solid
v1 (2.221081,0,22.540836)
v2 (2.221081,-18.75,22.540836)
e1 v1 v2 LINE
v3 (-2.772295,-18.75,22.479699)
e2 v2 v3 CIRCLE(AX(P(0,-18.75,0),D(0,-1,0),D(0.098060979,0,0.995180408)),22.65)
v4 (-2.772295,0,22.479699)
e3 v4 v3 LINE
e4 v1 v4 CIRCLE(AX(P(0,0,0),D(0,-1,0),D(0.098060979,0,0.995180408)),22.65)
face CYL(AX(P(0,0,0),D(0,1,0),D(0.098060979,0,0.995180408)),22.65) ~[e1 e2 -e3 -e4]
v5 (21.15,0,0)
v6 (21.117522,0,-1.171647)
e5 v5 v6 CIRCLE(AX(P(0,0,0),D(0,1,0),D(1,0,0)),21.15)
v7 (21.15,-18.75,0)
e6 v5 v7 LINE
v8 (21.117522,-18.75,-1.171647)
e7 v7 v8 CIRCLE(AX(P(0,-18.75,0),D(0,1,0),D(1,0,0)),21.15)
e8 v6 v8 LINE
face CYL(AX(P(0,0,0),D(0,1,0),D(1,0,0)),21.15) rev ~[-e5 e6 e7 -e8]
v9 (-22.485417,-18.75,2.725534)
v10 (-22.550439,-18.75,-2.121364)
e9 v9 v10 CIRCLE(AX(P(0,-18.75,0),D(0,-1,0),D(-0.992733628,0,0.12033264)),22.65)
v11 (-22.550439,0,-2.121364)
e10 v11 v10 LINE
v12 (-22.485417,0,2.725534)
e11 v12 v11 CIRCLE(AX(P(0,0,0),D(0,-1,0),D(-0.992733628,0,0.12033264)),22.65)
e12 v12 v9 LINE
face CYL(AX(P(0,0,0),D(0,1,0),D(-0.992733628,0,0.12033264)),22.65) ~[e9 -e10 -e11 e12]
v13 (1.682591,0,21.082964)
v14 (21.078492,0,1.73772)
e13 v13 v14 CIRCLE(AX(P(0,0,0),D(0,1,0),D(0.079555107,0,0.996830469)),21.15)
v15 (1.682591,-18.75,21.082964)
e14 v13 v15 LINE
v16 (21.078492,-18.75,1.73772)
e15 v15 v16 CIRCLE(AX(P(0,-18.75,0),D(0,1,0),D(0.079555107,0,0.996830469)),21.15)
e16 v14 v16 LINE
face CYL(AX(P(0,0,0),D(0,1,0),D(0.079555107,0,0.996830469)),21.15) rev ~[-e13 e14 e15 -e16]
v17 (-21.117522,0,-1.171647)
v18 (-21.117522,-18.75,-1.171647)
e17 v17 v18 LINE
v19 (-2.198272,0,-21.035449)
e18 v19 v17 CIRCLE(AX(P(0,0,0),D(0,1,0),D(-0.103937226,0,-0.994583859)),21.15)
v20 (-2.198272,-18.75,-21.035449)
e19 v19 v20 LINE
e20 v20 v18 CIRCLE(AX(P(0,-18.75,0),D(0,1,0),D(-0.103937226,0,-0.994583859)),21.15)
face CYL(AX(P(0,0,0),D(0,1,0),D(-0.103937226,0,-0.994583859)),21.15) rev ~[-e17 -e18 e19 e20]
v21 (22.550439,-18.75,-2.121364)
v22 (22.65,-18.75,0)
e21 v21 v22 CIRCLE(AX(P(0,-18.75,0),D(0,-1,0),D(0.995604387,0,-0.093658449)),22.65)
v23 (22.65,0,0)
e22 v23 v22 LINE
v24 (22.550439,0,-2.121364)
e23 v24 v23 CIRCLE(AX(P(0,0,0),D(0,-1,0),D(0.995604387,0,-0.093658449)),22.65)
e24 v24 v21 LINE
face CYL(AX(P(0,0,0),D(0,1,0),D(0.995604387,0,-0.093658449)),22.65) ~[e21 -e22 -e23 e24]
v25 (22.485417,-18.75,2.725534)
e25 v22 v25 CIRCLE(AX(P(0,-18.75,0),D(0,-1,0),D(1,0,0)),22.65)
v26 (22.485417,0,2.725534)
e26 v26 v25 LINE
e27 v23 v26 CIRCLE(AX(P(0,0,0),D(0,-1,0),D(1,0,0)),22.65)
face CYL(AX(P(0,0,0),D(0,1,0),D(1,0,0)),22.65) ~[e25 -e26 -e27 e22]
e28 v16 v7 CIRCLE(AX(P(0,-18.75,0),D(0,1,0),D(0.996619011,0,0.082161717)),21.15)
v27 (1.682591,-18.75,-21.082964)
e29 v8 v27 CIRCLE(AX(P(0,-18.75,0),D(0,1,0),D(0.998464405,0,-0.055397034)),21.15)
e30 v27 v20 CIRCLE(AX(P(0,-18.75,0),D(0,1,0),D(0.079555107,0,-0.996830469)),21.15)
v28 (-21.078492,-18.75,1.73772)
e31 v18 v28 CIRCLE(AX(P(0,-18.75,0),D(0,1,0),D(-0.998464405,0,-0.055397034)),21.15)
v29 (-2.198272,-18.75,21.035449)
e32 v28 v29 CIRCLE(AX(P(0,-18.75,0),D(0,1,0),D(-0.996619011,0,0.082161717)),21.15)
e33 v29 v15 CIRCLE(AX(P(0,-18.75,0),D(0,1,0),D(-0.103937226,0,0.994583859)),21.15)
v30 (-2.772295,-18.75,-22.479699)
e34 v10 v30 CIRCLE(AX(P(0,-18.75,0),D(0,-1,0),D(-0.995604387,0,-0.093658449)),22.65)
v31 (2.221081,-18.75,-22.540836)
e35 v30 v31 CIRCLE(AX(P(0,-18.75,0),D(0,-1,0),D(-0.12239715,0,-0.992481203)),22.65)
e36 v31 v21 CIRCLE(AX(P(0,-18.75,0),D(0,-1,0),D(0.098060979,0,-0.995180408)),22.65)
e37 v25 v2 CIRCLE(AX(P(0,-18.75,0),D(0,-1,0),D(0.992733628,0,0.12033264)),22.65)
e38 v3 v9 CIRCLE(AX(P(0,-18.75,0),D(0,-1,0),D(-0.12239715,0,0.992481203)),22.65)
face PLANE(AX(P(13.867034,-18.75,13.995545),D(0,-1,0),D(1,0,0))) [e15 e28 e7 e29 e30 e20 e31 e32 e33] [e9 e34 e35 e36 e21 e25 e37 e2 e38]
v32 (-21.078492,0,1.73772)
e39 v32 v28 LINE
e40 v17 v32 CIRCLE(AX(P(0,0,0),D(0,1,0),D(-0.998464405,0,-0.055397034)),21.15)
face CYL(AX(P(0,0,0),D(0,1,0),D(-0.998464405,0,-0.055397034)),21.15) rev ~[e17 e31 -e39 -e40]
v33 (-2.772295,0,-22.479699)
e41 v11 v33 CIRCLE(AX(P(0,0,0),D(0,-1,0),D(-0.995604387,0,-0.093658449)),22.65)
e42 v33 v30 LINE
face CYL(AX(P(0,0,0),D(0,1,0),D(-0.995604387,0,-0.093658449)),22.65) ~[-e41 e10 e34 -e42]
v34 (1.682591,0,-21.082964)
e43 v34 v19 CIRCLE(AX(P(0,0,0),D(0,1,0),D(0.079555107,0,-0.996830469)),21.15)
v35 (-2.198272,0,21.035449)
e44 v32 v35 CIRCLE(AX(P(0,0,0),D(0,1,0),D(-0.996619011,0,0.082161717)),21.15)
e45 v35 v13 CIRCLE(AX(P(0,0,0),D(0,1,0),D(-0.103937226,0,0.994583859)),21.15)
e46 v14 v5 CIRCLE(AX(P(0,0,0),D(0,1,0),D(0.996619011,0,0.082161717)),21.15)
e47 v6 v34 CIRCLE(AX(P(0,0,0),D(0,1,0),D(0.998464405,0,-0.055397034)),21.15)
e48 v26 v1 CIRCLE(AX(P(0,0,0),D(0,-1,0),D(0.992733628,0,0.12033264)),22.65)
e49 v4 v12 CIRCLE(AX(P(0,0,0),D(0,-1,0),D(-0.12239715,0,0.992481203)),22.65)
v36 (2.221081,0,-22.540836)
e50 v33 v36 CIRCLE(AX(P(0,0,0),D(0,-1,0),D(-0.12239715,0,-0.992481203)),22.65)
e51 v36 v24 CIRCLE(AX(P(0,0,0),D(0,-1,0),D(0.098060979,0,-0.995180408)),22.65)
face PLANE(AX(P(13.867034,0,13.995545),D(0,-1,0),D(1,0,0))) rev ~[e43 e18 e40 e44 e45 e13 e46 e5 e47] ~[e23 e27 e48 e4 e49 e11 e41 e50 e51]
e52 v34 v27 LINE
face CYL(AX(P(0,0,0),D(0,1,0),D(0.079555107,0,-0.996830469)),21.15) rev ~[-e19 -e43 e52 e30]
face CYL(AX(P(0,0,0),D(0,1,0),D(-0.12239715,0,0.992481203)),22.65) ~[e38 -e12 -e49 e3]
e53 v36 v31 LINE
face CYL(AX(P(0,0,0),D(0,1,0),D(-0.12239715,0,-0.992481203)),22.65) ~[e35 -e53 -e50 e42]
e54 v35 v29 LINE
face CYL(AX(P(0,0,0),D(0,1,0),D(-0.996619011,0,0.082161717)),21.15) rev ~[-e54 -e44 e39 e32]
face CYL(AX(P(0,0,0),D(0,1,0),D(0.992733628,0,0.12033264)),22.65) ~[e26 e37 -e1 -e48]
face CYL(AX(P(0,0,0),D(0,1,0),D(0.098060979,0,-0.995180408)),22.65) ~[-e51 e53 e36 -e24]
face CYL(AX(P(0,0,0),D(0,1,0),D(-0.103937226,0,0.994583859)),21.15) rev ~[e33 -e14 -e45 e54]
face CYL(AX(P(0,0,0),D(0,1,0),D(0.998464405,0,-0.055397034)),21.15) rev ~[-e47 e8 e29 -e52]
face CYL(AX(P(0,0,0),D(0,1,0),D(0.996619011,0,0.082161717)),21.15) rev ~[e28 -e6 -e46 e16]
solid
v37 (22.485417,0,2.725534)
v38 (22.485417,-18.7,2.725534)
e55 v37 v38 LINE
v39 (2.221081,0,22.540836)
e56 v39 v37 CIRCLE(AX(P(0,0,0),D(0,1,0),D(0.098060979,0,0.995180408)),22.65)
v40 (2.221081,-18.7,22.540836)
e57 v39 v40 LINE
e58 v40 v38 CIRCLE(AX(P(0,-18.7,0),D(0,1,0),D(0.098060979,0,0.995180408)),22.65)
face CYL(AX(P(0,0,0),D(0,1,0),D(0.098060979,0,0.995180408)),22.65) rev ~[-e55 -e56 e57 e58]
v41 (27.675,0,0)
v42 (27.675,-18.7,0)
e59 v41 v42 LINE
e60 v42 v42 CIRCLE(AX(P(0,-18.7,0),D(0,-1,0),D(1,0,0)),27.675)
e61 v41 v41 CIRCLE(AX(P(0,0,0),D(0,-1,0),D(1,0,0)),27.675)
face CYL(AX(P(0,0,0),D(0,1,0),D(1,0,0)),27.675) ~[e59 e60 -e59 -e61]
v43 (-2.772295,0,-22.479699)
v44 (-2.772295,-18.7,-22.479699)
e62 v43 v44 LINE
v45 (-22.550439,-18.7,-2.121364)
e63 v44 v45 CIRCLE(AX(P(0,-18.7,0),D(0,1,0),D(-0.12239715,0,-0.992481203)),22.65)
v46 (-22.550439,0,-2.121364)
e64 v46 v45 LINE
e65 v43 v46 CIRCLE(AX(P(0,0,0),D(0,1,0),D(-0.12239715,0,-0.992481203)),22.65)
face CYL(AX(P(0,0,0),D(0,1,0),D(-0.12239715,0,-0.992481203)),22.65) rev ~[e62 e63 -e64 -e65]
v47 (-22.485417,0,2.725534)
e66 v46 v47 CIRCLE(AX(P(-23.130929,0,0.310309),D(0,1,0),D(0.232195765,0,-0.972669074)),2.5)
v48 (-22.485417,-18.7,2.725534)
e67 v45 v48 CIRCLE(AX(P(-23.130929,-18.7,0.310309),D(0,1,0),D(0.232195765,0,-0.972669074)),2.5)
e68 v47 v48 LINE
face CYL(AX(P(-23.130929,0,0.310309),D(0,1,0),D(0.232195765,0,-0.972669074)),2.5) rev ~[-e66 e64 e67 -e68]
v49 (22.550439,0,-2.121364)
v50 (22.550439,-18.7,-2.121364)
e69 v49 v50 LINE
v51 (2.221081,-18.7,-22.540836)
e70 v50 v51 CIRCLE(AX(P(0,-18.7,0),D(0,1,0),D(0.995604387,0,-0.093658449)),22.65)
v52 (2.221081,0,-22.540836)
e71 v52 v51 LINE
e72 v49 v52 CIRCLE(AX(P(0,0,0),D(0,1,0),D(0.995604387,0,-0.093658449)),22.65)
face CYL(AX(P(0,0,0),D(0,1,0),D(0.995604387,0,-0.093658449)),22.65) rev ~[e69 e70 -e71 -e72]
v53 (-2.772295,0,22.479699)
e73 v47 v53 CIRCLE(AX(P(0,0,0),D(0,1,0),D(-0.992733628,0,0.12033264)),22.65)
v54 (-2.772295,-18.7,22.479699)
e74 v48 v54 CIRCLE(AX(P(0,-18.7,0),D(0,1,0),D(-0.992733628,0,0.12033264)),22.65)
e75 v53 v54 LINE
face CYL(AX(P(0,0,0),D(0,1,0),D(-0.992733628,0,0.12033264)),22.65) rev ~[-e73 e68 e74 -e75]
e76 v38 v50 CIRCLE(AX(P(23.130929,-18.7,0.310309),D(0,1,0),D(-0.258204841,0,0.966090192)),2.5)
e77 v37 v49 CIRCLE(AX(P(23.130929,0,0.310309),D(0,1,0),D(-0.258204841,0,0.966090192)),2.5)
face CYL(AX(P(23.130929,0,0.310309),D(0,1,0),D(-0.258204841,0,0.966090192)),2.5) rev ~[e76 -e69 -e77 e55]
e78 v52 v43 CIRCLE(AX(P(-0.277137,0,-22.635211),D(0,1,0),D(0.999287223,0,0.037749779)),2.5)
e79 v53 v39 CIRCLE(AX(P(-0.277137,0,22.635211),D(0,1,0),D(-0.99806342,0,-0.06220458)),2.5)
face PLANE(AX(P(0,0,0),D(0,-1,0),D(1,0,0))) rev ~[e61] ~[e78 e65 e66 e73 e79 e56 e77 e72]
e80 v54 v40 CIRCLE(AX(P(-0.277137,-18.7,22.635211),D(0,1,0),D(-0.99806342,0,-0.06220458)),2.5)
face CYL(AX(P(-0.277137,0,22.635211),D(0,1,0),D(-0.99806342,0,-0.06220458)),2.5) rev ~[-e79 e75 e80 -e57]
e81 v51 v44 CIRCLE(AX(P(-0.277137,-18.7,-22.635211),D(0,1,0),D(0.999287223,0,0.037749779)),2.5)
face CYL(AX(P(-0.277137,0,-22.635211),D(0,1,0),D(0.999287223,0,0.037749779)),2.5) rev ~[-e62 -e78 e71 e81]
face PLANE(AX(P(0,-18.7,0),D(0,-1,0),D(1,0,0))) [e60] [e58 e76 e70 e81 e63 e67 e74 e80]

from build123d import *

# Parameters (mm, degrees)
F0_R     = 27.675
F1_DEPTH = 18.7
F2_DEPTH = 18.75


with BuildPart() as f1:
    # F0 (on Front) → F1 (new body)
    with BuildSketch(Plane.XZ):
        Circle(F0_R)
        with BuildLine():
            ThreePointArc((2.2210811646, 22.5408362414), (15.8355393529, 16.1943877131), (22.4854166695, 2.7255342964))
            ThreePointArc((22.4854166695, 2.7255342964), (25.6307038392, 0.3438440981), (22.5504393602, -2.1213638688))
            ThreePointArc((22.5504393602, -2.1213638688), (16.0513479269, -15.9805109346), (2.2210811646, -22.5408362414))
            ThreePointArc((2.2210811646, -22.5408362414), (-0.3077436463, -25.1350233283), (-2.772295443, -22.4796992412))
            ThreePointArc((-2.772295443, -22.4796992412), (-16.2457895857, -15.7828014224), (-22.5504393602, -2.1213638688))
            ThreePointArc((-22.5504393602, -2.1213638688), (-25.6307038392, 0.3438440981), (-22.4854166695, 2.7255342964))
            ThreePointArc((-22.4854166695, 2.7255342964), (-16.0326156149, 15.9993042519), (-2.772295443, 22.4796992412))
            ThreePointArc((-2.772295443, 22.4796992412), (-0.3077436463, 25.1350233283), (2.2210811646, 22.5408362414))
        make_face(mode=Mode.SUBTRACT)
    extrude(amount=F1_DEPTH)


with BuildPart() as f2:
    # F0 (on Front) → F2 (new body)
    with BuildSketch(Plane.XZ):
        with BuildLine():
            ThreePointArc((1.6825905233, 21.0829644294), (14.935740279, 14.9748509949), (21.0784920736, 1.7377203178))
            ThreePointArc((21.0784920736, 1.7377203178), (21.6943787217, 2.3563596337), (22.4854166695, 2.7255342964))
            ThreePointArc((22.4854166695, 2.7255342964), (15.8355393529, 16.1943877131), (2.2210811646, 22.5408362414))
            ThreePointArc((2.2210811646, 22.5408362414), (2.0679999936, 21.7689930599), (1.6825905233, 21.0829644294))
        make_face()
        with BuildLine():
            ThreePointArc((-2.1982723208, 21.0354486238), (-0.2589331323, 21.1484149201), (1.6825905233, 21.0829644294))
            ThreePointArc((1.6825905233, 21.0829644294), (2.0679999936, 21.7689930599), (2.2210811646, 22.5408362414))
            ThreePointArc((2.2210811646, 22.5408362414), (-0.2772971842, 22.6483025031), (-2.772295443, 22.4796992412))
            ThreePointArc((-2.772295443, 22.4796992412), (-2.6003626862, 21.7118354064), (-2.1982723208, 21.0354486238))
        make_face()
        with BuildLine():
            ThreePointArc((-21.0784920736, 1.7377203178), (-15.1179535524, 14.7908749028), (-2.1982723208, 21.0354486238))
            ThreePointArc((-2.1982723208, 21.0354486238), (-2.6003626862, 21.7118354064), (-2.772295443, 22.4796992412))
            ThreePointArc((-2.772295443, 22.4796992412), (-16.0326156149, 15.9993042519), (-22.4854166695, 2.7255342964))
            ThreePointArc((-22.4854166695, 2.7255342964), (-21.6943787217, 2.3563596337), (-21.0784920736, 1.7377203178))
        make_face()
        with BuildLine():
            ThreePointArc((-21.1175221714, -1.1716472769), (-21.1480970655, 0.2837084931), (-21.0784920736, 1.7377203178))
            ThreePointArc((-21.0784920736, 1.7377203178), (-21.6943787217, 2.3563596337), (-22.4854166695, 2.7255342964))
            ThreePointArc((-22.4854166695, 2.7255342964), (-22.6479621056, 0.3038296628), (-22.5504393602, -2.1213638688))
            ThreePointArc((-22.5504393602, -2.1213638688), (-21.7497826783, -1.7735422992), (-21.1175221714, -1.1716472769))
        make_face()
        with BuildLine():
            ThreePointArc((-2.772295443, -22.4796992412), (-2.6003626862, -21.7118354064), (-2.1982723208, -21.0354486238))
            ThreePointArc((-2.1982723208, -21.0354486238), (-15.3149998102, -14.58675018), (-21.1175221714, -1.1716472769))
            ThreePointArc((-21.1175221714, -1.1716472769), (-21.7497826783, -1.7735422992), (-22.5504393602, -2.1213638688))
            ThreePointArc((-22.5504393602, -2.1213638688), (-16.2457895857, -15.7828014224), (-2.772295443, -22.4796992412))
        make_face()
        with BuildLine():
            ThreePointArc((2.2210811646, -22.5408362414), (2.0679999936, -21.7689930599), (1.6825905233, -21.0829644294))
            ThreePointArc((1.6825905233, -21.0829644294), (-0.2589331323, -21.1484149201), (-2.1982723208, -21.0354486238))
            ThreePointArc((-2.1982723208, -21.0354486238), (-2.6003626862, -21.7118354064), (-2.772295443, -22.4796992412))
            ThreePointArc((-2.772295443, -22.4796992412), (-0.2772971842, -22.6483025031), (2.2210811646, -22.5408362414))
        make_face()
        with BuildLine():
            ThreePointArc((22.5504393602, -2.1213638688), (21.7497826783, -1.7735422992), (21.1175221714, -1.1716472769))
            ThreePointArc((21.1175221714, -1.1716472769), (15.1352708073, -14.7731539487), (1.6825905233, -21.0829644294))
            ThreePointArc((1.6825905233, -21.0829644294), (2.0679999936, -21.7689930599), (2.2210811646, -22.5408362414))
            ThreePointArc((2.2210811646, -22.5408362414), (16.0513479269, -15.9805109346), (22.5504393602, -2.1213638688))
        make_face()
        with BuildLine():
            ThreePointArc((21.0784920736, 1.7377203178), (21.1321154568, 0.8695954931), (21.15, 0))
            ThreePointArc((21.15, 0), (21.1418789837, -0.586048665), (21.1175221714, -1.1716472769))
            ThreePointArc((21.1175221714, -1.1716472769), (21.7497826783, -1.7735422992), (22.5504393602, -2.1213638688))
            ThreePointArc((22.5504393602, -2.1213638688), (22.6250961491, -1.0618494461), (22.65, 0))
            ThreePointArc((22.65, 0), (22.6088167267, 1.3652495078), (22.4854166695, 2.7255342964))
            ThreePointArc((22.4854166695, 2.7255342964), (21.6943787217, 2.3563596337), (21.0784920736, 1.7377203178))
        make_face()
    extrude(amount=F2_DEPTH)


solid = Compound([f1.part, f2.part])
